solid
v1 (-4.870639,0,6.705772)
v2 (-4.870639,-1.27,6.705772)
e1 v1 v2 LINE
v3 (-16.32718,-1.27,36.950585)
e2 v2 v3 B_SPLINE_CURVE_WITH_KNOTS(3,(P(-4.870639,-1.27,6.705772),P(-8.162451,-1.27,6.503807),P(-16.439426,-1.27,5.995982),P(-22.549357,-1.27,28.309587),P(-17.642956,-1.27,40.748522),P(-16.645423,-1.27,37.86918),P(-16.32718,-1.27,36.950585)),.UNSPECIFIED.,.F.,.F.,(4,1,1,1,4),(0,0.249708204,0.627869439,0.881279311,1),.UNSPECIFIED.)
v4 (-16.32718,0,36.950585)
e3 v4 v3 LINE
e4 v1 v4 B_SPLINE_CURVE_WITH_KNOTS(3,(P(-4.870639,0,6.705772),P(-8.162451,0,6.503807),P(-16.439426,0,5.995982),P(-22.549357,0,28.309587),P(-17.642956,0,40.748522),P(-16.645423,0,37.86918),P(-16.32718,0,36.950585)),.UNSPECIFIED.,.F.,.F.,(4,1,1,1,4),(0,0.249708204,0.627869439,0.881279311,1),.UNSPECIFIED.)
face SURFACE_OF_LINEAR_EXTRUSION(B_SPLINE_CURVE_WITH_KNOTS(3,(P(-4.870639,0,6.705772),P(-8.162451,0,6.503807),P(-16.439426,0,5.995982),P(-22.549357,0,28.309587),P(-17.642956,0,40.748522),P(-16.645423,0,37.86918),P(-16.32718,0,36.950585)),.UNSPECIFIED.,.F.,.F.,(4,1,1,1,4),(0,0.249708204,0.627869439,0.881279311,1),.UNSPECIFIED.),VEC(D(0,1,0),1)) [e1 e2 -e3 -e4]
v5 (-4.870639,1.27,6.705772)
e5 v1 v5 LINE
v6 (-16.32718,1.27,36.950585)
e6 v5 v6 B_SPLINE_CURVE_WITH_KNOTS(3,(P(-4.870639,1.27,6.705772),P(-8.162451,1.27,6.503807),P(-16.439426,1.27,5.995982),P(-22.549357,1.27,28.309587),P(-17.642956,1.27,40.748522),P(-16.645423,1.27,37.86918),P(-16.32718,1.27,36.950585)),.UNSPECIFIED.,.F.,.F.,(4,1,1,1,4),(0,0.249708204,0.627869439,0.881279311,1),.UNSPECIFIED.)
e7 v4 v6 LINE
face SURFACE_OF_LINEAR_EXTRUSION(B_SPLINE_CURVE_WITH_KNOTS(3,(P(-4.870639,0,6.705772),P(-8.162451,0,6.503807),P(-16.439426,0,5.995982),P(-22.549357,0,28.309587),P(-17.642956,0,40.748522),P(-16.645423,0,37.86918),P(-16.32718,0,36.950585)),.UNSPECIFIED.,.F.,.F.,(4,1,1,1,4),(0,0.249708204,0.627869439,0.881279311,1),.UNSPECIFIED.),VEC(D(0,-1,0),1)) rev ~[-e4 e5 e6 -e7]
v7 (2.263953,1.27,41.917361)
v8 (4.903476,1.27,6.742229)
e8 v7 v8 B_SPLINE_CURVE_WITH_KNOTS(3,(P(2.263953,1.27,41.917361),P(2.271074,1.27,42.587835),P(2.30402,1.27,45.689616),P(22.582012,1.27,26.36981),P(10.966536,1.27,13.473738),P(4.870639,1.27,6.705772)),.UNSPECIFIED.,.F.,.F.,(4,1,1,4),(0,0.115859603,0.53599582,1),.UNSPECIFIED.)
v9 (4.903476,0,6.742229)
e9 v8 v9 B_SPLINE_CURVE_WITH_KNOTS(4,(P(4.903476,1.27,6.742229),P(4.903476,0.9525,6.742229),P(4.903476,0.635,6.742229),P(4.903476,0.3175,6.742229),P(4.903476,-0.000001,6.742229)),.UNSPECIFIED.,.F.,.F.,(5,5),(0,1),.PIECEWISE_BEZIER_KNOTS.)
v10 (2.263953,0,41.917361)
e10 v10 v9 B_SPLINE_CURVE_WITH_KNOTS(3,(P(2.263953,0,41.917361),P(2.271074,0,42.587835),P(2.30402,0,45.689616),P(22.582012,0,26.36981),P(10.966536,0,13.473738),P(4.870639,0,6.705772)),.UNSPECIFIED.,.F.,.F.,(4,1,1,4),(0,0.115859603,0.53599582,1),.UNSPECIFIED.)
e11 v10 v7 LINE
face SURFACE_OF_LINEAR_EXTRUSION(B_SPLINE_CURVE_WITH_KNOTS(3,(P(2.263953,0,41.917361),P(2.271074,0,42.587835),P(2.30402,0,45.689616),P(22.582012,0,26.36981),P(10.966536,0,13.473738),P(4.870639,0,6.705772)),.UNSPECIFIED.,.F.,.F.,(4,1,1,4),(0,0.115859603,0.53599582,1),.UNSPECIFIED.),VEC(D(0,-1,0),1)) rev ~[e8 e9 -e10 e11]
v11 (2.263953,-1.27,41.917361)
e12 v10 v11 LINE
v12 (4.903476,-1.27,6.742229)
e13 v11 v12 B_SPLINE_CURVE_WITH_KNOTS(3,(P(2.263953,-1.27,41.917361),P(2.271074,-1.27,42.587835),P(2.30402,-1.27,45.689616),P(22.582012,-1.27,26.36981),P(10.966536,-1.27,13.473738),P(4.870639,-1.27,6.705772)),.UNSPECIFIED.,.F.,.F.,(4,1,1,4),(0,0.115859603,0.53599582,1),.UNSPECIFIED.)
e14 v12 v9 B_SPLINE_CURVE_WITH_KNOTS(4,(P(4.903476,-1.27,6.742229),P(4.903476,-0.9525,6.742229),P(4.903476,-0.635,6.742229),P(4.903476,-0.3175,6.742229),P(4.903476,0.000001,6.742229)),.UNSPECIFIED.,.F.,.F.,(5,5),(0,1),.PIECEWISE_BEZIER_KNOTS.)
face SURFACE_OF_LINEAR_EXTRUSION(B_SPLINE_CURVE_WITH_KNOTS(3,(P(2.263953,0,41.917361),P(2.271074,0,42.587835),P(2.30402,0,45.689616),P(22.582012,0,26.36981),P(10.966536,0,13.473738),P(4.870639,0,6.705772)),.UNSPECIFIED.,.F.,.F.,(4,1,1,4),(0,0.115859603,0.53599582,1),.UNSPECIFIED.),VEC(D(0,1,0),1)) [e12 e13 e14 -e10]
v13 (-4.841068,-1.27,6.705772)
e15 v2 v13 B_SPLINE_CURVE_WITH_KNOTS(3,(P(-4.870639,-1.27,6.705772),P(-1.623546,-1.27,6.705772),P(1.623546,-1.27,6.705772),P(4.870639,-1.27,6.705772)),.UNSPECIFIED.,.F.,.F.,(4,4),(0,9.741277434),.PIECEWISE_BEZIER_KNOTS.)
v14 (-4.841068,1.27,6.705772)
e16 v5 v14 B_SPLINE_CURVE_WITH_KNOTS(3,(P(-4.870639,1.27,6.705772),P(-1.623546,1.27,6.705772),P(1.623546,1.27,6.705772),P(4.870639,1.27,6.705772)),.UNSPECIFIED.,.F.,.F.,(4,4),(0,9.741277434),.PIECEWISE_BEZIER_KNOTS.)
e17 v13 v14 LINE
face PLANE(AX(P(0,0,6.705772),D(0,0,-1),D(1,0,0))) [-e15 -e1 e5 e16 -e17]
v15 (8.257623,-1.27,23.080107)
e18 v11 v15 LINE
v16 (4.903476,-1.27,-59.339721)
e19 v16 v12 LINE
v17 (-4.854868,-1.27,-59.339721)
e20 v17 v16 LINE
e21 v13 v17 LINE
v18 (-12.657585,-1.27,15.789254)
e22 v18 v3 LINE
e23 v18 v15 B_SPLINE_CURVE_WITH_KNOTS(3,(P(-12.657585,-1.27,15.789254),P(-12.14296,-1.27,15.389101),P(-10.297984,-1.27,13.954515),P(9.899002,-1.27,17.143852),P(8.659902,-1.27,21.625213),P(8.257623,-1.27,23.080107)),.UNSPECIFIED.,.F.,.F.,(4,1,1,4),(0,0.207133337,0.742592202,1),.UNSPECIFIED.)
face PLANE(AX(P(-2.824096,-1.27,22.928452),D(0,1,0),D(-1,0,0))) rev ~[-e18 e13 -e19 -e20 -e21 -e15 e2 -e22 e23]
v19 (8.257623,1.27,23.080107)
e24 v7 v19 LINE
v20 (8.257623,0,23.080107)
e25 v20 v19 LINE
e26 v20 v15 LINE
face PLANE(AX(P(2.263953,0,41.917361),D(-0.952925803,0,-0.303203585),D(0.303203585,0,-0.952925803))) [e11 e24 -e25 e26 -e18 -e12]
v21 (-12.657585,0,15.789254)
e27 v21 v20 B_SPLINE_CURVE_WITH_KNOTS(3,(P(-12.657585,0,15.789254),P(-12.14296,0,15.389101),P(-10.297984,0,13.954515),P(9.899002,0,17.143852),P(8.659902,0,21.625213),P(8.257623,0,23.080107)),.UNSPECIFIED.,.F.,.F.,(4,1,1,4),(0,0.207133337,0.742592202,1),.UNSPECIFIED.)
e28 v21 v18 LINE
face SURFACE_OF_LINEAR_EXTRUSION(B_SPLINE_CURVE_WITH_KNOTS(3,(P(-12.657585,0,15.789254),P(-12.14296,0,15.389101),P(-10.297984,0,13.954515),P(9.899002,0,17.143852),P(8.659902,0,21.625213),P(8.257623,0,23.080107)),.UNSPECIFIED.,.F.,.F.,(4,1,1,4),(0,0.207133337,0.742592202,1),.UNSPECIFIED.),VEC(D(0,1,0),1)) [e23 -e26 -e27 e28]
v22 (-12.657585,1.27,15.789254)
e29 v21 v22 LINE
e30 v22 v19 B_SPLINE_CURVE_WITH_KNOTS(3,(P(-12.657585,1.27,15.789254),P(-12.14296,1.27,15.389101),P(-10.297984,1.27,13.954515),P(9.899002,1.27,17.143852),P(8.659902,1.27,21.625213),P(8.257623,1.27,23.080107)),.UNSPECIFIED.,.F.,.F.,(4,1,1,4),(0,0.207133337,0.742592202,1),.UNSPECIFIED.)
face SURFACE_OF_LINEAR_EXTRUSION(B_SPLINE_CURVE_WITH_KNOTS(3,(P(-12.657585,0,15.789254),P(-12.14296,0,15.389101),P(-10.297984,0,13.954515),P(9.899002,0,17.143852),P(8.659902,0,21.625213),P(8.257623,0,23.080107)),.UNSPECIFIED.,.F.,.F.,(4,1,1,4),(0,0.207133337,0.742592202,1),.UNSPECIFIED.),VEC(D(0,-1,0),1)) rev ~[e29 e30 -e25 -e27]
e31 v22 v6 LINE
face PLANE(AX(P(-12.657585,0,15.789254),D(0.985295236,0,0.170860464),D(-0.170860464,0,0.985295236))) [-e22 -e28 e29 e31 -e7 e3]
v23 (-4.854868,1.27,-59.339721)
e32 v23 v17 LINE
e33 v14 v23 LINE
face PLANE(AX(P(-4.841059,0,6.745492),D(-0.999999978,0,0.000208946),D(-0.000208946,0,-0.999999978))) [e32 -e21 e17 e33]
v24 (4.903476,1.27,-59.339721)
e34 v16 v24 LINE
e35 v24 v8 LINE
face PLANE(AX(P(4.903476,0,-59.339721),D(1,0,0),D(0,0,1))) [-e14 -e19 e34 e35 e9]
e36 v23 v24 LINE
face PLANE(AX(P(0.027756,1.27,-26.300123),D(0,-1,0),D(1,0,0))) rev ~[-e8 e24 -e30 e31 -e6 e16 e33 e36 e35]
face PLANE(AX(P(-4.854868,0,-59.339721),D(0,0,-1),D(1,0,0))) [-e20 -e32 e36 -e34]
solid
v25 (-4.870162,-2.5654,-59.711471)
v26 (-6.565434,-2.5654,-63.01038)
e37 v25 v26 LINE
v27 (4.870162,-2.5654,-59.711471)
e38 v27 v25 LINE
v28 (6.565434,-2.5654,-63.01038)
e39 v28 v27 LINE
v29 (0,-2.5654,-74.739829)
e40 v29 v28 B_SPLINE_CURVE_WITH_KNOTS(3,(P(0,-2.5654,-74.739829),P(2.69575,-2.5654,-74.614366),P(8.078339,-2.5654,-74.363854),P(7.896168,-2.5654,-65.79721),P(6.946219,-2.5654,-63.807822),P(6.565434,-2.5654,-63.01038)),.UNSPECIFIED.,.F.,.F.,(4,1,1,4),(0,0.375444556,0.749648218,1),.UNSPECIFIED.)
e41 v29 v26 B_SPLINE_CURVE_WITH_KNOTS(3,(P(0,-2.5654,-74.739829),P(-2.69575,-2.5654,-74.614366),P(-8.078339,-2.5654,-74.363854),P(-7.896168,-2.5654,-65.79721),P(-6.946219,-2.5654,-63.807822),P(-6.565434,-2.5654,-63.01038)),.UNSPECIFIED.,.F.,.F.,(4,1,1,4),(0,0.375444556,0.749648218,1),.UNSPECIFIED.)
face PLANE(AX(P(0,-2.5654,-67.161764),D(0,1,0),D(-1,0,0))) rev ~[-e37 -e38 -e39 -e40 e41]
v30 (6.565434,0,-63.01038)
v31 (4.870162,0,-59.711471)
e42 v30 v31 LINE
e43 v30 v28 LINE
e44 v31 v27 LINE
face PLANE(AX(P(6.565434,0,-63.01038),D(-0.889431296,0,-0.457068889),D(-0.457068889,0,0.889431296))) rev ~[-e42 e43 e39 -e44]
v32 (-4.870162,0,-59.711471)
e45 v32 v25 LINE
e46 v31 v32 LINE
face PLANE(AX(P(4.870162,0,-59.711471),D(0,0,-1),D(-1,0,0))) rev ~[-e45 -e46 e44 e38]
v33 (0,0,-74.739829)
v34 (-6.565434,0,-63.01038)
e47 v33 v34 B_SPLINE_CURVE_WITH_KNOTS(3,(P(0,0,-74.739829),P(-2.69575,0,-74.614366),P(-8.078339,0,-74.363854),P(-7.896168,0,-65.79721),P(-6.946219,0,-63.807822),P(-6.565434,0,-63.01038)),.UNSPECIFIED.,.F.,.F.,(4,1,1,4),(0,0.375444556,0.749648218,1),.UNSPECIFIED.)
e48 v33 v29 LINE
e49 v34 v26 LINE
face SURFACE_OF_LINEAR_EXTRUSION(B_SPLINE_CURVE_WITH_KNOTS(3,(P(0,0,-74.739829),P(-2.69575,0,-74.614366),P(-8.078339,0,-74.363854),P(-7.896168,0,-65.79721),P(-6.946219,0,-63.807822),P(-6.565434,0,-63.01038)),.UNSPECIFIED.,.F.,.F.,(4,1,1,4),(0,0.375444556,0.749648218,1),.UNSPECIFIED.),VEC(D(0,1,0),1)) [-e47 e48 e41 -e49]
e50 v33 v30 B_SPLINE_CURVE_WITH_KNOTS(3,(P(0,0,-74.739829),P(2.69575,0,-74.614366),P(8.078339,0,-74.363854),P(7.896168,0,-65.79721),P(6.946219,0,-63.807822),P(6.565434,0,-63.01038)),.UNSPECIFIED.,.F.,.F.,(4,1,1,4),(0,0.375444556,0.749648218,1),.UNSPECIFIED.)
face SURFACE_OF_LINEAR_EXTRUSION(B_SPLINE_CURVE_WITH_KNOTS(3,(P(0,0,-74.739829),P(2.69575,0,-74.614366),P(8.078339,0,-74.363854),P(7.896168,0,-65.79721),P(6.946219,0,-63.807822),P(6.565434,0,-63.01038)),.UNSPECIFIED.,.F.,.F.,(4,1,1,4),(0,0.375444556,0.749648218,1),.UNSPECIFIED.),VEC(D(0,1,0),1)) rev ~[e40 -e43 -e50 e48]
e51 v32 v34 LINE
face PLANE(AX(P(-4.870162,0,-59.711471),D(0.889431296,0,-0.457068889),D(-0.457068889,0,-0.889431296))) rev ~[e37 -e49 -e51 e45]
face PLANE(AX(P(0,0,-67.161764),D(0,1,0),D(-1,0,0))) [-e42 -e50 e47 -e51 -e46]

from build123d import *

# Parameters (mm, degrees)
F0_R     = 4.1276908543
F1_DEPTH = 2.5654
F3_DEPTH = 1.27
F5_DEPTH = 1.27


with BuildPart() as f1:
    # F0 (on Front) → F1 (new body)
    with BuildSketch(Plane.XZ):
        with BuildLine():
            add(Edge.make_bspline(
                [(0, -74.7398287058), (-2.6957496567, -74.6143655928), (-8.0783391659, -74.3638540389), (-7.896167718, -65.7972104685), (-6.9462192909, -63.8078220004), (-6.5654343925, -63.0103796721)],
                knots=[0, 0, 0, 0, 0.3754445557, 0.7496482182, 1, 1, 1, 1], degree=3))
            add(Edge.make_bspline(
                [(0, -74.7398287058), (2.6957496567, -74.6143655928), (8.0783391659, -74.3638540389), (7.896167718, -65.7972104685), (6.9462192909, -63.8078220004), (6.5654343925, -63.0103796721)],
                knots=[0, 0, 0, 0, 0.3754445557, 0.7496482182, 1, 1, 1, 1], degree=3))
            Line((6.5654343925, -63.0103796721), (4.8701618798, -59.7114712))
            Line((4.8701618798, -59.7114712), (-4.8701618798, -59.7114712))
            Line((-4.8701618798, -59.7114712), (-6.5654343925, -63.0103796721))
        make_face()
        with Locations((0, -69.3332850933)):
            Circle(F0_R, mode=Mode.SUBTRACT)
        with Locations((0, -69.3332850933)):
            Circle(F0_R)
    extrude(amount=F1_DEPTH)


with BuildPart() as f3:
    # F2 (on Front) → F3 (new body, symmetric)
    with BuildSketch(Plane.XZ):
        with BuildLine():
            add(Edge.make_bspline(
                [(-4.870638717, 6.7057721317), (-8.1624512163, 6.5038067464), (-16.4394258345, 5.9959824496), (-22.5493572738, 28.3095871952), (-17.6429563519, 40.7485223081), (-16.6454227734, 37.8691800893), (-16.3271799684, 36.950584501)],
                knots=[0, 0, 0, 0, 0.249708204, 0.6278694387, 0.8812793111, 1, 1, 1, 1], degree=3))
            add(Edge.make_bspline(
                [(-4.870638717, 6.7057721317), (-1.623546239, 6.7057721317), (1.623546239, 6.7057721317), (4.870638717, 6.7057721317)],
                knots=[0, 0, 0, 0, 9.7412774339, 9.7412774339, 9.7412774339, 9.7412774339], degree=3))
            add(Edge.make_bspline(
                [(2.2639525123, 41.9173613191), (2.2710740065, 42.5878349979), (2.3040198395, 45.6896157741), (22.5820118952, 26.3698101383), (10.966536241, 13.473737517), (4.870638717, 6.7057721317)],
                knots=[0, 0, 0, 0, 0.115859603, 0.5359958199, 1, 1, 1, 1], degree=3))
            Line((2.2639525123, 41.9173613191), (8.2576228306, 23.0801068246))
            add(Edge.make_bspline(
                [(-12.6575846225, 15.7892536372), (-12.1429601945, 15.3891007015), (-10.2979839458, 13.9545153574), (9.8990015791, 17.1438520791), (8.6599021449, 21.6252125837), (8.2576228306, 23.0801068246)],
                knots=[0, 0, 0, 0, 0.2071333369, 0.7425922015, 1, 1, 1, 1], degree=3))
            Line((-12.6575846225, 15.7892536372), (-16.3271799684, 36.950584501))
        make_face()
    extrude(amount=F3_DEPTH, both=True)

    # F4 (on Front) → F5 (join, symmetric)
    with BuildSketch(Plane.XZ):
        Polygon((4.903475754, 6.7454921082), (-4.8410594463, 6.7454921082), (-4.8548677005, -59.3397207558), (4.903475754, -59.3397207558), align=None)
    extrude(amount=F5_DEPTH, both=True)


solid = Compound([f1.part, f3.part])
